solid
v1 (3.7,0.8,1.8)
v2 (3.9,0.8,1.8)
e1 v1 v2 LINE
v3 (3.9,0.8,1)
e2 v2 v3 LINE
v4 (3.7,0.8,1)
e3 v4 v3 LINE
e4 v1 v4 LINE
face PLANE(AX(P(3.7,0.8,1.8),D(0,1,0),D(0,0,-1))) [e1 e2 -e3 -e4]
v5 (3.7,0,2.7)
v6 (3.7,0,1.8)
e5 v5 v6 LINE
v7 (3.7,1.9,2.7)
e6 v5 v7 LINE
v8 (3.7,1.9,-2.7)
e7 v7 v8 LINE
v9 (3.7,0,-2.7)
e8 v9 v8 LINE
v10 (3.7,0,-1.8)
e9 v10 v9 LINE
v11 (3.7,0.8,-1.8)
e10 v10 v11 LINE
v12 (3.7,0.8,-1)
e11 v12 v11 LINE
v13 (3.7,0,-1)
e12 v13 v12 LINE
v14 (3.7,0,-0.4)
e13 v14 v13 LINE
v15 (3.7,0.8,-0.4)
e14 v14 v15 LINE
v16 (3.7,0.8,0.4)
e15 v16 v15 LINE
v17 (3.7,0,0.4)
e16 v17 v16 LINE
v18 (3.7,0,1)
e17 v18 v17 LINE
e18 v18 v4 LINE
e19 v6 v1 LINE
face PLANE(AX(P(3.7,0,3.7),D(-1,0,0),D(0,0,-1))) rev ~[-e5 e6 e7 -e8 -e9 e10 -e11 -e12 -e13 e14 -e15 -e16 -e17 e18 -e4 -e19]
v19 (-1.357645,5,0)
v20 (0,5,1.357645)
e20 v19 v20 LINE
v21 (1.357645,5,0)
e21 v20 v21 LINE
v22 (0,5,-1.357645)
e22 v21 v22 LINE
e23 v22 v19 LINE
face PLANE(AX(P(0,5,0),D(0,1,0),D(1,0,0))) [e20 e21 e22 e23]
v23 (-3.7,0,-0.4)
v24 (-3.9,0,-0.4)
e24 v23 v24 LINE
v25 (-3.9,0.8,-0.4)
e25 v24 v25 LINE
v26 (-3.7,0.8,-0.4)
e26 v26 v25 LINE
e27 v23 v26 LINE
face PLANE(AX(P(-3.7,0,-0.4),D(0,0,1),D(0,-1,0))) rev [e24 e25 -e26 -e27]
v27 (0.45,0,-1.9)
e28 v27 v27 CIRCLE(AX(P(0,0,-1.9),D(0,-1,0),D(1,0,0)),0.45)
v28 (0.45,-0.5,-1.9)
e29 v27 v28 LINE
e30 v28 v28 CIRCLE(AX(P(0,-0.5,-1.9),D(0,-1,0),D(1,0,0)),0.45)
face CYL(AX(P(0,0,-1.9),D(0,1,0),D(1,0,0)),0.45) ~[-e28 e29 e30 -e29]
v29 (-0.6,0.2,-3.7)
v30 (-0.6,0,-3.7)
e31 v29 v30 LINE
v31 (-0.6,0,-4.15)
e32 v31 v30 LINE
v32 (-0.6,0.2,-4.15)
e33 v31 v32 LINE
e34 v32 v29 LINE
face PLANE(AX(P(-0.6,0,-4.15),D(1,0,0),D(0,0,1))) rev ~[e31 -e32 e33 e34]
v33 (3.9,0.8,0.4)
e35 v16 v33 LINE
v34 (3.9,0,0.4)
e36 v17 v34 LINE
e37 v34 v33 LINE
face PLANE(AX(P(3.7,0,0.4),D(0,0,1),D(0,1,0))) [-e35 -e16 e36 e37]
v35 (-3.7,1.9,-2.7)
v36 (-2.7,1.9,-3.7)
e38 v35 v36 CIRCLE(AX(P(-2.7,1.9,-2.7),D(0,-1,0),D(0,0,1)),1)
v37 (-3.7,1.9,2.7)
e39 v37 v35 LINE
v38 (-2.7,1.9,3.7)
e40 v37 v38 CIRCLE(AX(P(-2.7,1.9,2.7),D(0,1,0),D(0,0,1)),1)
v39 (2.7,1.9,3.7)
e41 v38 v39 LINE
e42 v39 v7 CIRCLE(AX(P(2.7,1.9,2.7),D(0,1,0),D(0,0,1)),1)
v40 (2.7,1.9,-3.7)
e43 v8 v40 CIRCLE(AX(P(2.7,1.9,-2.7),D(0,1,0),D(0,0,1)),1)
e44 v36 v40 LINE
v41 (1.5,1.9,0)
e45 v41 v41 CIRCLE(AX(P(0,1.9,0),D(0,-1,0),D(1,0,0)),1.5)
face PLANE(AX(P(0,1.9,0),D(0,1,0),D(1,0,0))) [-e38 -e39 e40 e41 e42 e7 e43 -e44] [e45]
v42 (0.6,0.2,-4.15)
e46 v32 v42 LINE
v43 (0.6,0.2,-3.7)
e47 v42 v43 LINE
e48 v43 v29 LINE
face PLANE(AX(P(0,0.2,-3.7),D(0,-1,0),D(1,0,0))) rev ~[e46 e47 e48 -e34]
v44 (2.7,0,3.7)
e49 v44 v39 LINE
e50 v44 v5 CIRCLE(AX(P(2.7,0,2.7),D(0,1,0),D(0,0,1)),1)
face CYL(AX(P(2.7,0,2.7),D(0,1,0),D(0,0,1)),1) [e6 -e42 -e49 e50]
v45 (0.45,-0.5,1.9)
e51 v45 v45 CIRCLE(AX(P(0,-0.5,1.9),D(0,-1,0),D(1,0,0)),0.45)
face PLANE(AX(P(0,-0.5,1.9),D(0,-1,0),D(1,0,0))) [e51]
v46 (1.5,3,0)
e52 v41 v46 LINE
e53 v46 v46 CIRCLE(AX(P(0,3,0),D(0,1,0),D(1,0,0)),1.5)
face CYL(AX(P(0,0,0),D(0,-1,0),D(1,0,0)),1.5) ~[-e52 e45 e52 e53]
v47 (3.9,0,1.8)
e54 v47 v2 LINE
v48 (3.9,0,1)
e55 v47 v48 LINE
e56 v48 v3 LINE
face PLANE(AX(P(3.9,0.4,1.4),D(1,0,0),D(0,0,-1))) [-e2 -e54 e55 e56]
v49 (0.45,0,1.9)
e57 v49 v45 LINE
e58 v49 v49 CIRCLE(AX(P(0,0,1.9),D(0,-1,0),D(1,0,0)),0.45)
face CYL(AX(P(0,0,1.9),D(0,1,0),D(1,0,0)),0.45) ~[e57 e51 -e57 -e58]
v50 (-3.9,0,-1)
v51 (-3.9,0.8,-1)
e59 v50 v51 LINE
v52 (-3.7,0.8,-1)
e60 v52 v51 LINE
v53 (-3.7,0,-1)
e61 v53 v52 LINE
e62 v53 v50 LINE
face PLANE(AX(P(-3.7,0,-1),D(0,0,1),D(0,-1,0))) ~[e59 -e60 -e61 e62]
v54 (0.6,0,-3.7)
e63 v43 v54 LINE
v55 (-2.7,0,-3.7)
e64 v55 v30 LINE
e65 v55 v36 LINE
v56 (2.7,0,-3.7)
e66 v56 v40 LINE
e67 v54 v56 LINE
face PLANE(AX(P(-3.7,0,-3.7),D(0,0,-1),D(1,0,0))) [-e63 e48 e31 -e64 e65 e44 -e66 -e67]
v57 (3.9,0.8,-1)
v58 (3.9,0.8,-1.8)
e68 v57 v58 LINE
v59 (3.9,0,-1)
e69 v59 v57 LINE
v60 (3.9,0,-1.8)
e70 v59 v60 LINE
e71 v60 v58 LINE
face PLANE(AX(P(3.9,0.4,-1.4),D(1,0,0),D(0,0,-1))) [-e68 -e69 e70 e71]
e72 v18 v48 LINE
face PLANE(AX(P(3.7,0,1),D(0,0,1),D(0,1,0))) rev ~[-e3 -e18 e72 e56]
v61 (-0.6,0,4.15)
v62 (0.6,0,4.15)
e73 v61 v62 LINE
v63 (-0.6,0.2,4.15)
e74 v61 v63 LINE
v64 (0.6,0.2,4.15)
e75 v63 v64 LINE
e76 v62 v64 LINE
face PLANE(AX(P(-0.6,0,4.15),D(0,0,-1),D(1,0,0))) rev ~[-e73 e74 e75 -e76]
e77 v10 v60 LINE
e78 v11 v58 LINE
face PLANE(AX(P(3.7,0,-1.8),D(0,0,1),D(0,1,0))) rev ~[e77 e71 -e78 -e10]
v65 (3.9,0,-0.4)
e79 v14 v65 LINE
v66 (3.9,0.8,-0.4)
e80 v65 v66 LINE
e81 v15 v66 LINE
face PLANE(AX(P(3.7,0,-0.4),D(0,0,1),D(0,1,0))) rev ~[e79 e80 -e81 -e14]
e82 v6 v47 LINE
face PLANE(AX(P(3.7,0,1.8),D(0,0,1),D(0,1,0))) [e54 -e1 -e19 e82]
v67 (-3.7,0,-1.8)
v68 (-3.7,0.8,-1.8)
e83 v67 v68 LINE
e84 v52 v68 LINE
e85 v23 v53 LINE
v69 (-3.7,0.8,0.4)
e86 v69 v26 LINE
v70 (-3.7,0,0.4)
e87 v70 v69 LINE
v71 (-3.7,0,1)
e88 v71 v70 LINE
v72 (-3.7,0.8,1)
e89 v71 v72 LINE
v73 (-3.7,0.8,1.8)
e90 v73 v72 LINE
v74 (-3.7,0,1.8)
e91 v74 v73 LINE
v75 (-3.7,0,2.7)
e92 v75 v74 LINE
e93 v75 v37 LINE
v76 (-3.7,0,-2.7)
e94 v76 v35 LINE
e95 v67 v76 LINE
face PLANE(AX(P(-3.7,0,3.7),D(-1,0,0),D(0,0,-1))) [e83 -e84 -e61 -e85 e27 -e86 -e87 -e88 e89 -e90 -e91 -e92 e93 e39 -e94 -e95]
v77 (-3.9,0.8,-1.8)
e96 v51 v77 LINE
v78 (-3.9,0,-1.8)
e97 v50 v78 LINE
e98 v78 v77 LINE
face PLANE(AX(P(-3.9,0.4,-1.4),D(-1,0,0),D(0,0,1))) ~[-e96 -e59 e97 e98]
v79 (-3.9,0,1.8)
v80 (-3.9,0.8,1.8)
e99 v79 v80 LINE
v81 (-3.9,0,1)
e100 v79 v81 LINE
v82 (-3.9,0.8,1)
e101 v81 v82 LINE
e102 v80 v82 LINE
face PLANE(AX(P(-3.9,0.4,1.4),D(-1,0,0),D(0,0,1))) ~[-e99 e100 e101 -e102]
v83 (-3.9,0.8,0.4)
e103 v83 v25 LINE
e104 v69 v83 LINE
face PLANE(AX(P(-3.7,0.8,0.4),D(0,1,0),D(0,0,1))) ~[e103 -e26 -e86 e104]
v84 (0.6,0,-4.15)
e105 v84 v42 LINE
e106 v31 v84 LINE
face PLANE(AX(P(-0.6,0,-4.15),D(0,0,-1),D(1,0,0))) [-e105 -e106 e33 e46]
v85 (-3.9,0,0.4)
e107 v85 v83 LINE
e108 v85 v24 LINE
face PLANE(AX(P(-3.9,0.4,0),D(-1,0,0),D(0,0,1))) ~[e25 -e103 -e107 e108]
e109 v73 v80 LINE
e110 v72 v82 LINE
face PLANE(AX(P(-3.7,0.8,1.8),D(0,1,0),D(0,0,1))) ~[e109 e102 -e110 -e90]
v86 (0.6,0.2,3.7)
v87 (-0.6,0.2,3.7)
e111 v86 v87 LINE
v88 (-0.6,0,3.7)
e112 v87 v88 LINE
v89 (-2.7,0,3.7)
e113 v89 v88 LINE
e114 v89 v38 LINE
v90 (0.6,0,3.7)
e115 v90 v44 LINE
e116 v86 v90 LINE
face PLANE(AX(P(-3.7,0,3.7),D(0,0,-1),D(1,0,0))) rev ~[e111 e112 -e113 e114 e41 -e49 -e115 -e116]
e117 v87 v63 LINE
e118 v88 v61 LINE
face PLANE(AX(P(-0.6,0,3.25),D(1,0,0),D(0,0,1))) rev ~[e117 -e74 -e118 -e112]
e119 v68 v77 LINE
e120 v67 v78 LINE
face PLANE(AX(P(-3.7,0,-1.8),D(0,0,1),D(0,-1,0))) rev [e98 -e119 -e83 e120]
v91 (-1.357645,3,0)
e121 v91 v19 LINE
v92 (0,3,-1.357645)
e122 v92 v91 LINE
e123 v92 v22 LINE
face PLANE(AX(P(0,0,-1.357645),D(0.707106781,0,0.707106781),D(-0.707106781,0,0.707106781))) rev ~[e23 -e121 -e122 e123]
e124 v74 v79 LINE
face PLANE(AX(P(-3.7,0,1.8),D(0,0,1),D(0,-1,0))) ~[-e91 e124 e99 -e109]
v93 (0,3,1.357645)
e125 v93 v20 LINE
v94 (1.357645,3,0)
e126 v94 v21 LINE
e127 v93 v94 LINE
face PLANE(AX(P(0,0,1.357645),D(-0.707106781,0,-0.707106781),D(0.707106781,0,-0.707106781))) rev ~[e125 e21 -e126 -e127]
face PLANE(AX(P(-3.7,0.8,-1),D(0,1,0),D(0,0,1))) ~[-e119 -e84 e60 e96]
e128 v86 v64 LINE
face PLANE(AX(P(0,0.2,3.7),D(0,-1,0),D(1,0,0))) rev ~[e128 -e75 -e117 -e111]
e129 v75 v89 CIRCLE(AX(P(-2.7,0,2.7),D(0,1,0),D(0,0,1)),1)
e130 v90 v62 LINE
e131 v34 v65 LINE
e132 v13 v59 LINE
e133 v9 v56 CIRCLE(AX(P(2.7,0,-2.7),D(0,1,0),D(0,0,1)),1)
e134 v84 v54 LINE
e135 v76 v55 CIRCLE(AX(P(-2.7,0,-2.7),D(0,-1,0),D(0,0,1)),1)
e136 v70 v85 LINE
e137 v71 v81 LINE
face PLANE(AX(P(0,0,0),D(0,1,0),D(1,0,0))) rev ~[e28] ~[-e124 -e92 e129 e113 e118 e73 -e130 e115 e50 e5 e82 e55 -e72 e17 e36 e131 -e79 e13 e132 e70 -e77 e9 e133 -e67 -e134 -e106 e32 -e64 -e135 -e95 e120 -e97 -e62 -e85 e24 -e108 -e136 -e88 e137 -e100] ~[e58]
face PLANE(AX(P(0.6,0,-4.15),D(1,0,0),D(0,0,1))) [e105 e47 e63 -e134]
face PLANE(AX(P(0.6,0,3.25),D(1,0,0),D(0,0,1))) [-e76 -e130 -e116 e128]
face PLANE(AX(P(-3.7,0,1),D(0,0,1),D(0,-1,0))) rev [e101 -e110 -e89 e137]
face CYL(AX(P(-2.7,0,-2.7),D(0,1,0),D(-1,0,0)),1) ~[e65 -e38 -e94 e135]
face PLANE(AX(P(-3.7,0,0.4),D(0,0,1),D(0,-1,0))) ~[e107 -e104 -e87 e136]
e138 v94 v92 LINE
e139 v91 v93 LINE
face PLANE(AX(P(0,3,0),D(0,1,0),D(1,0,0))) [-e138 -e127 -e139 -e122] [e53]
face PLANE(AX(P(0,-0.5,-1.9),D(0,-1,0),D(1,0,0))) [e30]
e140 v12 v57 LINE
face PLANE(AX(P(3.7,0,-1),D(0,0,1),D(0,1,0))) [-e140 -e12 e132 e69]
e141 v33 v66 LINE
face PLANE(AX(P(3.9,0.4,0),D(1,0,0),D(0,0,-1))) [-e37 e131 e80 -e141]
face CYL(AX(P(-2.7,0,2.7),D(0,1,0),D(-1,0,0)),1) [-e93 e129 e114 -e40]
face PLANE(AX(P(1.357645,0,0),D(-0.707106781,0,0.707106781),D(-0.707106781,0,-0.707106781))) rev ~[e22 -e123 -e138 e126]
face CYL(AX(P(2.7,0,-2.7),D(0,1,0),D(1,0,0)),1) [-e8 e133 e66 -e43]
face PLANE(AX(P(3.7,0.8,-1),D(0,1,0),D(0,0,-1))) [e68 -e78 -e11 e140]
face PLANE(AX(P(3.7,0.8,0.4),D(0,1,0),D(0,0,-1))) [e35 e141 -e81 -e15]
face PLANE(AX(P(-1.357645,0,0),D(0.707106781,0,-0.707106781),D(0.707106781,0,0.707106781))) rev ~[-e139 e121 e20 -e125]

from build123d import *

# Parameters (mm, degrees)
SZKIC2_W                    = 7.4
SZKIC2_H                    = 7.4
DODANIE_WYCI_GNI_CIE1_DEPTH = 1.9
DODANIE_WYCI_GNI_CIE2_START = -1.9
DODANIE_WYCI_GNI_CIE2_DEPTH = 5
DODANIE_WYCI_GNI_CIE3_START = -1.9
SZKIC4_R                    = 1.5
DODANIE_WYCI_GNI_CIE3_DEPTH = 3
SZKIC5_R                    = 0.45
DODANIE_WYCI_GNI_CIE4_DEPTH = 0.5
SZKIC6_W                    = 0.8
SZKIC6_H                    = 0.8
DODANIE_WYCI_GNI_CIE5_DEPTH = 0.2
ZAOKR_GLENIE1_R             = 1
SZKIC7_W                    = 1.2
SZKIC7_H                    = 0.9
DODANIE_WYCI_GNI_CIE6_DEPTH = 0.2


with BuildPart() as part:
    # Szkic2 → Dodanie-wyciągnięcie1 (new body)
    with BuildSketch(Plane(origin=(0, 0, 0), x_dir=(1, 0, 0), z_dir=(0, 1, 0))):
        Rectangle(SZKIC2_W, SZKIC2_H)
    extrude(amount=DODANIE_WYCI_GNI_CIE1_DEPTH)

    # Szkic3 → Dodanie-wyciągnięcie2 (add)
    with BuildSketch(Plane(origin=(0, 1.9, 0), x_dir=(1, 0, 0), z_dir=(0, 1, 0)).offset(DODANIE_WYCI_GNI_CIE2_START)):
        Polygon((0, -1.35764502), (1.35764502, 0), (0, 1.35764502), (-1.35764502, 0), align=None)
    extrude(amount=DODANIE_WYCI_GNI_CIE2_DEPTH)

    # Szkic4 → Dodanie-wyciągnięcie3 (add)
    with BuildSketch(Plane(origin=(0, 1.9, 0), x_dir=(1, 0, 0), z_dir=(0, 1, 0)).offset(DODANIE_WYCI_GNI_CIE3_START)):
        Circle(SZKIC4_R)
    extrude(amount=DODANIE_WYCI_GNI_CIE3_DEPTH)

    # Szkic5 → Dodanie-wyciągnięcie4 (add)
    with BuildSketch(Plane.XZ):
        with Locations((0, 1.9)):
            Circle(SZKIC5_R)
        with Locations((0, -1.9)):
            Circle(SZKIC5_R)
    extrude(amount=DODANIE_WYCI_GNI_CIE4_DEPTH)

    # Szkic6 → Dodanie-wyciągnięcie5 (add)
    with BuildSketch(Plane(origin=(3.7, 0, 0), x_dir=(0, 0, -1), z_dir=(1, 0, 0))):
        with Locations((-1.4, 0.4)):
            Rectangle(SZKIC6_W, SZKIC6_H)
        with Locations((0, 0.4)):
            Rectangle(SZKIC6_W, SZKIC6_H)
        with Locations((1.4, 0.4)):
            Rectangle(SZKIC6_W, SZKIC6_H)
    dodanie_wyci_gni_cie5 = extrude(amount=DODANIE_WYCI_GNI_CIE5_DEPTH)

    # Lustro1: Dodanie-wyciągnięcie5 across plane
    add(dodanie_wyci_gni_cie5.mirror(Plane(origin=(0, 0, 0), x_dir=(0, 0, 1), z_dir=(1, 0, 0))))

    # Zaokrąglenie1
    zaokr_glenie1_edges = [part.edges().sort_by_distance(p)[0] for p in [
        (3.7, 0.95, 3.7),
        (-3.7, 0.95, 3.7),
        (-3.7, 0.95, -3.7),
        (3.7, 0.95, -3.7),
    ]]
    fillet(zaokr_glenie1_edges, radius=ZAOKR_GLENIE1_R)

    # Szkic7 → Dodanie-wyciągnięcie6 (add)
    with BuildSketch(Plane.XZ):
        with Locations((0, 3.7)):
            Rectangle(SZKIC7_W, SZKIC7_H)
        with Locations((0, -3.7)):
            Rectangle(SZKIC7_W, SZKIC7_H)
    extrude(amount=-DODANIE_WYCI_GNI_CIE6_DEPTH)


solid = part.part
